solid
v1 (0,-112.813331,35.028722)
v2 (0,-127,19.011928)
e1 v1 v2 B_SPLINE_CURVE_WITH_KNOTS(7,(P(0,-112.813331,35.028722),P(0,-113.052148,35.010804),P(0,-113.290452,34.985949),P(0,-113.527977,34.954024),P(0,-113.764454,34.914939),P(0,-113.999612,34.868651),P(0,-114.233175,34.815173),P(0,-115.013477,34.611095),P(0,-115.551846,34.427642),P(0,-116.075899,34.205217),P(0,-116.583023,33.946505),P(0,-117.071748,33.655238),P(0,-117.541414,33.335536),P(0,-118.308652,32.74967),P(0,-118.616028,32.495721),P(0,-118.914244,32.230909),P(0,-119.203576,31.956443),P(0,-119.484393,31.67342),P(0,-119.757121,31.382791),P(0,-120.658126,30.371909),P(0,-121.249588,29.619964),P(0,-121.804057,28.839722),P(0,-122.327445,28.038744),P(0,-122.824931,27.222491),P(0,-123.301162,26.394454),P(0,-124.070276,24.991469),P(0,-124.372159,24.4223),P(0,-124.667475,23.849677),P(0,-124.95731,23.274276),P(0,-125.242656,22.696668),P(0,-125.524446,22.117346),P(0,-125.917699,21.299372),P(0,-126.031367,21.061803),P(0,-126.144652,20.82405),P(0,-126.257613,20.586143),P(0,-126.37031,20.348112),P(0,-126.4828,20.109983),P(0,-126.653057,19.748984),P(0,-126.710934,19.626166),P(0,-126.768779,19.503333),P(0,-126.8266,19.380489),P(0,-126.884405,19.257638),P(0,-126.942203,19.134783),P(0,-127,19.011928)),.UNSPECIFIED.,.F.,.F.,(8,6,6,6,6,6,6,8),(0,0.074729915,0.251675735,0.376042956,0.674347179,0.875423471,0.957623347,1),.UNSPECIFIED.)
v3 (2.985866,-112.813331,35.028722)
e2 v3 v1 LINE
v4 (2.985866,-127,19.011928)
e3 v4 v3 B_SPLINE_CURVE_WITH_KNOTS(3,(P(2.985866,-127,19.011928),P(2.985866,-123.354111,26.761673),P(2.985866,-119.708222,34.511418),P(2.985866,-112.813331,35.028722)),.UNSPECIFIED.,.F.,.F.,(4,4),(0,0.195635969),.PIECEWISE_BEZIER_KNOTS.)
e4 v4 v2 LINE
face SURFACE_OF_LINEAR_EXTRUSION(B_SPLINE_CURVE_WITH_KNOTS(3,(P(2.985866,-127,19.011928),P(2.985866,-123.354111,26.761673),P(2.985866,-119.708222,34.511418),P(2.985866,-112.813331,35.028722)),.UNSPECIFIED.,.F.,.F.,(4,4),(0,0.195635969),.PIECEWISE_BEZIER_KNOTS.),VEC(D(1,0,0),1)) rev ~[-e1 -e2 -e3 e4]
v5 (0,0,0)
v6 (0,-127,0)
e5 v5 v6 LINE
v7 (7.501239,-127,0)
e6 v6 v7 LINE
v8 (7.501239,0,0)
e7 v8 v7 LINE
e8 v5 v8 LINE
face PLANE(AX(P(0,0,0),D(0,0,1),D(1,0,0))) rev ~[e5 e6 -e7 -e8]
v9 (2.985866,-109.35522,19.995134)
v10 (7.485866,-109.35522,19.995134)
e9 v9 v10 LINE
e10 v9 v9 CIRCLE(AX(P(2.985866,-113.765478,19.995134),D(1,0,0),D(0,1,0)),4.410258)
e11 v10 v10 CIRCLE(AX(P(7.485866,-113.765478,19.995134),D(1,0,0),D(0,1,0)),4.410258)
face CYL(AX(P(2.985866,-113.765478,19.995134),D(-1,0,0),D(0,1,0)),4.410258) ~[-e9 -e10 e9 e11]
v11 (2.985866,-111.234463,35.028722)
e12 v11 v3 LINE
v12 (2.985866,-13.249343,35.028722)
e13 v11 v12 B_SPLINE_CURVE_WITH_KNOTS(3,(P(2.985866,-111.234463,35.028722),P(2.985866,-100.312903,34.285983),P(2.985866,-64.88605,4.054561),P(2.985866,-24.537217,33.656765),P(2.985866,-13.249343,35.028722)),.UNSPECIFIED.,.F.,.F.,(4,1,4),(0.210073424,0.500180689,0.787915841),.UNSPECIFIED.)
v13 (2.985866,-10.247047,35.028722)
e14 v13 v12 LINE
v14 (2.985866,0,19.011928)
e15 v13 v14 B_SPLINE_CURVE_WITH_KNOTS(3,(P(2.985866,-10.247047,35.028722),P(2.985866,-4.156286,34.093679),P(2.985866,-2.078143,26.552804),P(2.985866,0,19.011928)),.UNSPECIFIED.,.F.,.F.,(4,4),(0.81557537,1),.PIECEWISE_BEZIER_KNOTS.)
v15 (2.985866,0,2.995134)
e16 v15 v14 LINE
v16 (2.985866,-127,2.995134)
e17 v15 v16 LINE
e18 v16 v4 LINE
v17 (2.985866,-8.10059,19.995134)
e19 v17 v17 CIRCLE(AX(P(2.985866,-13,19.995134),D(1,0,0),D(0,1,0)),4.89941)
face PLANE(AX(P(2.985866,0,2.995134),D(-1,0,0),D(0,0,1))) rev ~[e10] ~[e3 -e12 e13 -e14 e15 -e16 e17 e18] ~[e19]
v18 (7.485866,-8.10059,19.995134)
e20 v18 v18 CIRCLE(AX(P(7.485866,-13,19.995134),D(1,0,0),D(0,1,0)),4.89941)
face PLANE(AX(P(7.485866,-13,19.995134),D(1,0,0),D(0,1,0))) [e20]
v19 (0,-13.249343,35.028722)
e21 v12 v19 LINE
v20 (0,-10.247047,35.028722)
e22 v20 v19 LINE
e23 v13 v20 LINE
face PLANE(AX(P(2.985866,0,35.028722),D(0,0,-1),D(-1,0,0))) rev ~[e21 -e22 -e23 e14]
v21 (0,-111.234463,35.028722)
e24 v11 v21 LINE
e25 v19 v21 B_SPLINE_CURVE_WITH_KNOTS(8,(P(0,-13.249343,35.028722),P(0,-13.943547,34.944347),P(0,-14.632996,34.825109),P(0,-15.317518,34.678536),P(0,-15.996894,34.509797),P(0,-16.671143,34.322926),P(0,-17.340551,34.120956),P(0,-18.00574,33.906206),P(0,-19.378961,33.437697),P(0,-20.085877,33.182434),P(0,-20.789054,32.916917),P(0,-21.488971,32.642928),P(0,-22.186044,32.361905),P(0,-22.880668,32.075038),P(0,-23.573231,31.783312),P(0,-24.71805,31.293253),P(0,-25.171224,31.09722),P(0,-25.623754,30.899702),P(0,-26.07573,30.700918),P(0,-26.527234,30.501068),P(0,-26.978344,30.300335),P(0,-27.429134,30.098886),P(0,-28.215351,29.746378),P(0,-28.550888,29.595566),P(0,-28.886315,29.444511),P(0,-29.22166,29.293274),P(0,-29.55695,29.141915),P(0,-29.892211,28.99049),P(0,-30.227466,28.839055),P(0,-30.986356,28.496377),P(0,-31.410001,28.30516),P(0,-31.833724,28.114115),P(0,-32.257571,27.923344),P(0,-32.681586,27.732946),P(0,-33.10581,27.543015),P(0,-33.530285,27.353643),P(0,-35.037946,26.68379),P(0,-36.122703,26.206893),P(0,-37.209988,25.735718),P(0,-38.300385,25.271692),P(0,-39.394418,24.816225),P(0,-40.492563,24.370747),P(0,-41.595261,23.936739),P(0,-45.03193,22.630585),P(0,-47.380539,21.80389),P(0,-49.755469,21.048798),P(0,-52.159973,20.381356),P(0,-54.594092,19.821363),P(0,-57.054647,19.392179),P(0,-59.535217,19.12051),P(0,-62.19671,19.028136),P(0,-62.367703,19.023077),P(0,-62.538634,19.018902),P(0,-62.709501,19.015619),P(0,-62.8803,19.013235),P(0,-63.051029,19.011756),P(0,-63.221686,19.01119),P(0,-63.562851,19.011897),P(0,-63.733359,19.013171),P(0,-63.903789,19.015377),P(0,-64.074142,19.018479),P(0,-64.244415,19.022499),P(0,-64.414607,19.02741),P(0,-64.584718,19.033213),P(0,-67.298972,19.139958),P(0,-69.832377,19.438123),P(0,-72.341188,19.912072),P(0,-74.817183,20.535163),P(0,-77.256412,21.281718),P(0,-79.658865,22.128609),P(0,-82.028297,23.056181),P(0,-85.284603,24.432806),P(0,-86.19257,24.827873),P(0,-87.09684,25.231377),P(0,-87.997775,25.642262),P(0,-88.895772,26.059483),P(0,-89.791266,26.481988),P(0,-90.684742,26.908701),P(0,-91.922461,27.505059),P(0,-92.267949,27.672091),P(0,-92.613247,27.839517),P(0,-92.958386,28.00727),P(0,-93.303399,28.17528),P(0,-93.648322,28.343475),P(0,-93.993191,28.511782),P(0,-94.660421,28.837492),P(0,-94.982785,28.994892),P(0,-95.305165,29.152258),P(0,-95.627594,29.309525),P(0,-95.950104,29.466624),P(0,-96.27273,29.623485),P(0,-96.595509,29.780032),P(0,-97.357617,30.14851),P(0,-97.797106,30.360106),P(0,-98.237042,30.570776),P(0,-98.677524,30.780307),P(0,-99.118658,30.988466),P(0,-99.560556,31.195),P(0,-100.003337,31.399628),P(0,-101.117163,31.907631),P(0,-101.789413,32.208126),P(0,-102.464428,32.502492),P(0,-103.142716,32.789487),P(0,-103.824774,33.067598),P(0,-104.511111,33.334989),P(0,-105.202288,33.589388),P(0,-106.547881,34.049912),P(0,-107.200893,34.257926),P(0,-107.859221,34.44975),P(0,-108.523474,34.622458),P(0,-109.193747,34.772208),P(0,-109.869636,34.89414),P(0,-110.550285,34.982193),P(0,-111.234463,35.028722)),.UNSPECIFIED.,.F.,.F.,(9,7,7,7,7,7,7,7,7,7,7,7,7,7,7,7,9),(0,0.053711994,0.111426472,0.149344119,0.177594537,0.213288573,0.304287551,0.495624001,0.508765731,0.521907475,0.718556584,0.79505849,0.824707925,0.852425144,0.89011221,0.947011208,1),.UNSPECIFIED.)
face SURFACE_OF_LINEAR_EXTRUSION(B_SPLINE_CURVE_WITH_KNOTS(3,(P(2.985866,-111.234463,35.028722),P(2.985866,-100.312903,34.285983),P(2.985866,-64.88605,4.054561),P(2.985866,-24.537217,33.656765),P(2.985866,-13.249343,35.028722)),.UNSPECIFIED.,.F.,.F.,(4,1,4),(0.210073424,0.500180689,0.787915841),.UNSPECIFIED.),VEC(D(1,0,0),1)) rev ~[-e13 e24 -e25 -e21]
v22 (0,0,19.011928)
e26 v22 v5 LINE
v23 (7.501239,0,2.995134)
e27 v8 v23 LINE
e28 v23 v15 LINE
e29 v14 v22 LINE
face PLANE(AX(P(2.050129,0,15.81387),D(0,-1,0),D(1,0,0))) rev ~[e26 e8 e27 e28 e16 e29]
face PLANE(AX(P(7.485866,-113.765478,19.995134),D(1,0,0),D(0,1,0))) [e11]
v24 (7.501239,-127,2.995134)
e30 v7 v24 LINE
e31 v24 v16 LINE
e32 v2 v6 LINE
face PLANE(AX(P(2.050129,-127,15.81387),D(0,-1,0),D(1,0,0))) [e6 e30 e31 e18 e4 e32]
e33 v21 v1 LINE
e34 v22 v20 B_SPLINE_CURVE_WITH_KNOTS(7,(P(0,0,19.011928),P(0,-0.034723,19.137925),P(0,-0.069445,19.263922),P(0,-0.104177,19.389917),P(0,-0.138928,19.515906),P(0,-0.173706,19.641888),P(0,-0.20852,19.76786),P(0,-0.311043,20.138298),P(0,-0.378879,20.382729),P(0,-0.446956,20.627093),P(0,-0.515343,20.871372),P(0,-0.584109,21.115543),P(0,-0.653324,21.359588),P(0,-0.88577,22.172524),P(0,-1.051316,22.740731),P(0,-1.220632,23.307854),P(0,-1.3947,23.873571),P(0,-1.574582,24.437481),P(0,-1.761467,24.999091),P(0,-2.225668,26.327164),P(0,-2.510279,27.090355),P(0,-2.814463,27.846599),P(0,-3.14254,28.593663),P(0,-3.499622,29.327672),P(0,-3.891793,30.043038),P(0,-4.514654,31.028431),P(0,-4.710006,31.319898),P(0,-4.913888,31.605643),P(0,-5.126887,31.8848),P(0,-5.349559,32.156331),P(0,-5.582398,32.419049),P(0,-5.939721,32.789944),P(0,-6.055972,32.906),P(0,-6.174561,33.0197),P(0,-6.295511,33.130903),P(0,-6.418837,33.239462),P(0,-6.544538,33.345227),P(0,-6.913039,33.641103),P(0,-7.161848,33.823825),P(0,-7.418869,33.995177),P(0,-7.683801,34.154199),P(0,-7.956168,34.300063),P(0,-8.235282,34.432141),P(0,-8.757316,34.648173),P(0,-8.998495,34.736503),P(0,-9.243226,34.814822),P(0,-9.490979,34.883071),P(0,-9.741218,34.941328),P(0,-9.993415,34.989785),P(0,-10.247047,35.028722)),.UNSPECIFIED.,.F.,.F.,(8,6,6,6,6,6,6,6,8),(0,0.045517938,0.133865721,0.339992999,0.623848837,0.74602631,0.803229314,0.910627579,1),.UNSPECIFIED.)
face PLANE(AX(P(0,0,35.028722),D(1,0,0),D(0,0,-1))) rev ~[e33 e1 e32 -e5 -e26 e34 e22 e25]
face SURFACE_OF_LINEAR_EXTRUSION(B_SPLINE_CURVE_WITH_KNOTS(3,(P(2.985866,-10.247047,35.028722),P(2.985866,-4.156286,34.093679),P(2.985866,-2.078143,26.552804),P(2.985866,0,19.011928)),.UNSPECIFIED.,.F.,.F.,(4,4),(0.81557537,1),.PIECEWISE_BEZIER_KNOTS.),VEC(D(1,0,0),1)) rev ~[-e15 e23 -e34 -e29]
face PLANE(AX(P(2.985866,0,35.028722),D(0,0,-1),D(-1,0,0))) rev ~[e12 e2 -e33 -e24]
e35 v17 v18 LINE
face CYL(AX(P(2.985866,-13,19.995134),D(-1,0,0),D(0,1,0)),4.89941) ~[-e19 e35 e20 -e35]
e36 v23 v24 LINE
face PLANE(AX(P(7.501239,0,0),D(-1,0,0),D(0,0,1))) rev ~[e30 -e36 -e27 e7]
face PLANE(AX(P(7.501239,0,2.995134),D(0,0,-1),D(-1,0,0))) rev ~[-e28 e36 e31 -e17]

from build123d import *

# Parameters (mm, degrees)
F1_DEPTH = 127
F2_R     = 4.4102581717
F2_R_2   = 4.8994098274
F3_DEPTH = 4.5
F5_DEPTH = 25


with BuildPart() as f1:
    # F0 (on Front) → F1 (new body)
    with BuildSketch(Plane.XZ):
        Polygon((0, 35.0287221372), (0, 0), (7.501238957, 0), (7.501238957, 2.9951336328), (2.985865809, 2.9951336328), (2.985865809, 35.0287221372), align=None)
    extrude(amount=F1_DEPTH)

    # F2 (on face) → F3 (join)
    with BuildSketch(Plane.YZ.offset(2.985865809)):
        with Locations((-113.7654781342, 19.9951336328)):
            Circle(F2_R)
        with Locations((-13, 19.9951336328)):
            Circle(F2_R_2)
    extrude(amount=F3_DEPTH)

    # F4 (on face) → F5 (cut)
    with BuildSketch(Plane.YZ.offset(2.985865809)):
        with BuildLine():
            Line((-13.2493425337, 35.0287221372), (-111.2344633553, 35.0287221372))
            add(Edge.make_bspline(
                [(-111.2344633553, 35.0287221372), (-100.3129034646, 34.2859826119), (-64.8860498538, 4.0545608595), (-24.5372166276, 33.6567649219), (-13.2493425337, 35.0287221372)],
                knots=[0.2100734241, 0.2100734241, 0.2100734241, 0.2100734241, 0.5001806892, 0.7879158408, 0.7879158408, 0.7879158408, 0.7879158408], degree=3))
        make_face()
        with BuildLine():
            Line((-127, 35.0287221372), (-127, 19.011927885))
            add(Edge.make_bspline(
                [(-127, 19.011927885), (-123.3541108211, 26.7616729413), (-119.7082216422, 34.5114179975), (-112.8133311868, 35.0287221372)],
                knots=[0, 0, 0, 0, 0.1956359691, 0.1956359691, 0.1956359691, 0.1956359691], degree=3))
            Line((-112.8133311868, 35.0287221372), (-127, 35.0287221372))
        make_face()
        with BuildLine():
            add(Edge.make_bspline(
                [(-10.2470470592, 35.0287221372), (-4.1562861309, 34.0936794049), (-2.0781430654, 26.552803645), (0, 19.011927885)],
                knots=[0.8155753696, 0.8155753696, 0.8155753696, 0.8155753696, 1, 1, 1, 1], degree=3))
            Line((0, 19.011927885), (0, 35.0287221372))
            Line((0, 35.0287221372), (-10.2470470592, 35.0287221372))
        make_face()
    extrude(amount=-F5_DEPTH, mode=Mode.SUBTRACT)


solid = f1.part
